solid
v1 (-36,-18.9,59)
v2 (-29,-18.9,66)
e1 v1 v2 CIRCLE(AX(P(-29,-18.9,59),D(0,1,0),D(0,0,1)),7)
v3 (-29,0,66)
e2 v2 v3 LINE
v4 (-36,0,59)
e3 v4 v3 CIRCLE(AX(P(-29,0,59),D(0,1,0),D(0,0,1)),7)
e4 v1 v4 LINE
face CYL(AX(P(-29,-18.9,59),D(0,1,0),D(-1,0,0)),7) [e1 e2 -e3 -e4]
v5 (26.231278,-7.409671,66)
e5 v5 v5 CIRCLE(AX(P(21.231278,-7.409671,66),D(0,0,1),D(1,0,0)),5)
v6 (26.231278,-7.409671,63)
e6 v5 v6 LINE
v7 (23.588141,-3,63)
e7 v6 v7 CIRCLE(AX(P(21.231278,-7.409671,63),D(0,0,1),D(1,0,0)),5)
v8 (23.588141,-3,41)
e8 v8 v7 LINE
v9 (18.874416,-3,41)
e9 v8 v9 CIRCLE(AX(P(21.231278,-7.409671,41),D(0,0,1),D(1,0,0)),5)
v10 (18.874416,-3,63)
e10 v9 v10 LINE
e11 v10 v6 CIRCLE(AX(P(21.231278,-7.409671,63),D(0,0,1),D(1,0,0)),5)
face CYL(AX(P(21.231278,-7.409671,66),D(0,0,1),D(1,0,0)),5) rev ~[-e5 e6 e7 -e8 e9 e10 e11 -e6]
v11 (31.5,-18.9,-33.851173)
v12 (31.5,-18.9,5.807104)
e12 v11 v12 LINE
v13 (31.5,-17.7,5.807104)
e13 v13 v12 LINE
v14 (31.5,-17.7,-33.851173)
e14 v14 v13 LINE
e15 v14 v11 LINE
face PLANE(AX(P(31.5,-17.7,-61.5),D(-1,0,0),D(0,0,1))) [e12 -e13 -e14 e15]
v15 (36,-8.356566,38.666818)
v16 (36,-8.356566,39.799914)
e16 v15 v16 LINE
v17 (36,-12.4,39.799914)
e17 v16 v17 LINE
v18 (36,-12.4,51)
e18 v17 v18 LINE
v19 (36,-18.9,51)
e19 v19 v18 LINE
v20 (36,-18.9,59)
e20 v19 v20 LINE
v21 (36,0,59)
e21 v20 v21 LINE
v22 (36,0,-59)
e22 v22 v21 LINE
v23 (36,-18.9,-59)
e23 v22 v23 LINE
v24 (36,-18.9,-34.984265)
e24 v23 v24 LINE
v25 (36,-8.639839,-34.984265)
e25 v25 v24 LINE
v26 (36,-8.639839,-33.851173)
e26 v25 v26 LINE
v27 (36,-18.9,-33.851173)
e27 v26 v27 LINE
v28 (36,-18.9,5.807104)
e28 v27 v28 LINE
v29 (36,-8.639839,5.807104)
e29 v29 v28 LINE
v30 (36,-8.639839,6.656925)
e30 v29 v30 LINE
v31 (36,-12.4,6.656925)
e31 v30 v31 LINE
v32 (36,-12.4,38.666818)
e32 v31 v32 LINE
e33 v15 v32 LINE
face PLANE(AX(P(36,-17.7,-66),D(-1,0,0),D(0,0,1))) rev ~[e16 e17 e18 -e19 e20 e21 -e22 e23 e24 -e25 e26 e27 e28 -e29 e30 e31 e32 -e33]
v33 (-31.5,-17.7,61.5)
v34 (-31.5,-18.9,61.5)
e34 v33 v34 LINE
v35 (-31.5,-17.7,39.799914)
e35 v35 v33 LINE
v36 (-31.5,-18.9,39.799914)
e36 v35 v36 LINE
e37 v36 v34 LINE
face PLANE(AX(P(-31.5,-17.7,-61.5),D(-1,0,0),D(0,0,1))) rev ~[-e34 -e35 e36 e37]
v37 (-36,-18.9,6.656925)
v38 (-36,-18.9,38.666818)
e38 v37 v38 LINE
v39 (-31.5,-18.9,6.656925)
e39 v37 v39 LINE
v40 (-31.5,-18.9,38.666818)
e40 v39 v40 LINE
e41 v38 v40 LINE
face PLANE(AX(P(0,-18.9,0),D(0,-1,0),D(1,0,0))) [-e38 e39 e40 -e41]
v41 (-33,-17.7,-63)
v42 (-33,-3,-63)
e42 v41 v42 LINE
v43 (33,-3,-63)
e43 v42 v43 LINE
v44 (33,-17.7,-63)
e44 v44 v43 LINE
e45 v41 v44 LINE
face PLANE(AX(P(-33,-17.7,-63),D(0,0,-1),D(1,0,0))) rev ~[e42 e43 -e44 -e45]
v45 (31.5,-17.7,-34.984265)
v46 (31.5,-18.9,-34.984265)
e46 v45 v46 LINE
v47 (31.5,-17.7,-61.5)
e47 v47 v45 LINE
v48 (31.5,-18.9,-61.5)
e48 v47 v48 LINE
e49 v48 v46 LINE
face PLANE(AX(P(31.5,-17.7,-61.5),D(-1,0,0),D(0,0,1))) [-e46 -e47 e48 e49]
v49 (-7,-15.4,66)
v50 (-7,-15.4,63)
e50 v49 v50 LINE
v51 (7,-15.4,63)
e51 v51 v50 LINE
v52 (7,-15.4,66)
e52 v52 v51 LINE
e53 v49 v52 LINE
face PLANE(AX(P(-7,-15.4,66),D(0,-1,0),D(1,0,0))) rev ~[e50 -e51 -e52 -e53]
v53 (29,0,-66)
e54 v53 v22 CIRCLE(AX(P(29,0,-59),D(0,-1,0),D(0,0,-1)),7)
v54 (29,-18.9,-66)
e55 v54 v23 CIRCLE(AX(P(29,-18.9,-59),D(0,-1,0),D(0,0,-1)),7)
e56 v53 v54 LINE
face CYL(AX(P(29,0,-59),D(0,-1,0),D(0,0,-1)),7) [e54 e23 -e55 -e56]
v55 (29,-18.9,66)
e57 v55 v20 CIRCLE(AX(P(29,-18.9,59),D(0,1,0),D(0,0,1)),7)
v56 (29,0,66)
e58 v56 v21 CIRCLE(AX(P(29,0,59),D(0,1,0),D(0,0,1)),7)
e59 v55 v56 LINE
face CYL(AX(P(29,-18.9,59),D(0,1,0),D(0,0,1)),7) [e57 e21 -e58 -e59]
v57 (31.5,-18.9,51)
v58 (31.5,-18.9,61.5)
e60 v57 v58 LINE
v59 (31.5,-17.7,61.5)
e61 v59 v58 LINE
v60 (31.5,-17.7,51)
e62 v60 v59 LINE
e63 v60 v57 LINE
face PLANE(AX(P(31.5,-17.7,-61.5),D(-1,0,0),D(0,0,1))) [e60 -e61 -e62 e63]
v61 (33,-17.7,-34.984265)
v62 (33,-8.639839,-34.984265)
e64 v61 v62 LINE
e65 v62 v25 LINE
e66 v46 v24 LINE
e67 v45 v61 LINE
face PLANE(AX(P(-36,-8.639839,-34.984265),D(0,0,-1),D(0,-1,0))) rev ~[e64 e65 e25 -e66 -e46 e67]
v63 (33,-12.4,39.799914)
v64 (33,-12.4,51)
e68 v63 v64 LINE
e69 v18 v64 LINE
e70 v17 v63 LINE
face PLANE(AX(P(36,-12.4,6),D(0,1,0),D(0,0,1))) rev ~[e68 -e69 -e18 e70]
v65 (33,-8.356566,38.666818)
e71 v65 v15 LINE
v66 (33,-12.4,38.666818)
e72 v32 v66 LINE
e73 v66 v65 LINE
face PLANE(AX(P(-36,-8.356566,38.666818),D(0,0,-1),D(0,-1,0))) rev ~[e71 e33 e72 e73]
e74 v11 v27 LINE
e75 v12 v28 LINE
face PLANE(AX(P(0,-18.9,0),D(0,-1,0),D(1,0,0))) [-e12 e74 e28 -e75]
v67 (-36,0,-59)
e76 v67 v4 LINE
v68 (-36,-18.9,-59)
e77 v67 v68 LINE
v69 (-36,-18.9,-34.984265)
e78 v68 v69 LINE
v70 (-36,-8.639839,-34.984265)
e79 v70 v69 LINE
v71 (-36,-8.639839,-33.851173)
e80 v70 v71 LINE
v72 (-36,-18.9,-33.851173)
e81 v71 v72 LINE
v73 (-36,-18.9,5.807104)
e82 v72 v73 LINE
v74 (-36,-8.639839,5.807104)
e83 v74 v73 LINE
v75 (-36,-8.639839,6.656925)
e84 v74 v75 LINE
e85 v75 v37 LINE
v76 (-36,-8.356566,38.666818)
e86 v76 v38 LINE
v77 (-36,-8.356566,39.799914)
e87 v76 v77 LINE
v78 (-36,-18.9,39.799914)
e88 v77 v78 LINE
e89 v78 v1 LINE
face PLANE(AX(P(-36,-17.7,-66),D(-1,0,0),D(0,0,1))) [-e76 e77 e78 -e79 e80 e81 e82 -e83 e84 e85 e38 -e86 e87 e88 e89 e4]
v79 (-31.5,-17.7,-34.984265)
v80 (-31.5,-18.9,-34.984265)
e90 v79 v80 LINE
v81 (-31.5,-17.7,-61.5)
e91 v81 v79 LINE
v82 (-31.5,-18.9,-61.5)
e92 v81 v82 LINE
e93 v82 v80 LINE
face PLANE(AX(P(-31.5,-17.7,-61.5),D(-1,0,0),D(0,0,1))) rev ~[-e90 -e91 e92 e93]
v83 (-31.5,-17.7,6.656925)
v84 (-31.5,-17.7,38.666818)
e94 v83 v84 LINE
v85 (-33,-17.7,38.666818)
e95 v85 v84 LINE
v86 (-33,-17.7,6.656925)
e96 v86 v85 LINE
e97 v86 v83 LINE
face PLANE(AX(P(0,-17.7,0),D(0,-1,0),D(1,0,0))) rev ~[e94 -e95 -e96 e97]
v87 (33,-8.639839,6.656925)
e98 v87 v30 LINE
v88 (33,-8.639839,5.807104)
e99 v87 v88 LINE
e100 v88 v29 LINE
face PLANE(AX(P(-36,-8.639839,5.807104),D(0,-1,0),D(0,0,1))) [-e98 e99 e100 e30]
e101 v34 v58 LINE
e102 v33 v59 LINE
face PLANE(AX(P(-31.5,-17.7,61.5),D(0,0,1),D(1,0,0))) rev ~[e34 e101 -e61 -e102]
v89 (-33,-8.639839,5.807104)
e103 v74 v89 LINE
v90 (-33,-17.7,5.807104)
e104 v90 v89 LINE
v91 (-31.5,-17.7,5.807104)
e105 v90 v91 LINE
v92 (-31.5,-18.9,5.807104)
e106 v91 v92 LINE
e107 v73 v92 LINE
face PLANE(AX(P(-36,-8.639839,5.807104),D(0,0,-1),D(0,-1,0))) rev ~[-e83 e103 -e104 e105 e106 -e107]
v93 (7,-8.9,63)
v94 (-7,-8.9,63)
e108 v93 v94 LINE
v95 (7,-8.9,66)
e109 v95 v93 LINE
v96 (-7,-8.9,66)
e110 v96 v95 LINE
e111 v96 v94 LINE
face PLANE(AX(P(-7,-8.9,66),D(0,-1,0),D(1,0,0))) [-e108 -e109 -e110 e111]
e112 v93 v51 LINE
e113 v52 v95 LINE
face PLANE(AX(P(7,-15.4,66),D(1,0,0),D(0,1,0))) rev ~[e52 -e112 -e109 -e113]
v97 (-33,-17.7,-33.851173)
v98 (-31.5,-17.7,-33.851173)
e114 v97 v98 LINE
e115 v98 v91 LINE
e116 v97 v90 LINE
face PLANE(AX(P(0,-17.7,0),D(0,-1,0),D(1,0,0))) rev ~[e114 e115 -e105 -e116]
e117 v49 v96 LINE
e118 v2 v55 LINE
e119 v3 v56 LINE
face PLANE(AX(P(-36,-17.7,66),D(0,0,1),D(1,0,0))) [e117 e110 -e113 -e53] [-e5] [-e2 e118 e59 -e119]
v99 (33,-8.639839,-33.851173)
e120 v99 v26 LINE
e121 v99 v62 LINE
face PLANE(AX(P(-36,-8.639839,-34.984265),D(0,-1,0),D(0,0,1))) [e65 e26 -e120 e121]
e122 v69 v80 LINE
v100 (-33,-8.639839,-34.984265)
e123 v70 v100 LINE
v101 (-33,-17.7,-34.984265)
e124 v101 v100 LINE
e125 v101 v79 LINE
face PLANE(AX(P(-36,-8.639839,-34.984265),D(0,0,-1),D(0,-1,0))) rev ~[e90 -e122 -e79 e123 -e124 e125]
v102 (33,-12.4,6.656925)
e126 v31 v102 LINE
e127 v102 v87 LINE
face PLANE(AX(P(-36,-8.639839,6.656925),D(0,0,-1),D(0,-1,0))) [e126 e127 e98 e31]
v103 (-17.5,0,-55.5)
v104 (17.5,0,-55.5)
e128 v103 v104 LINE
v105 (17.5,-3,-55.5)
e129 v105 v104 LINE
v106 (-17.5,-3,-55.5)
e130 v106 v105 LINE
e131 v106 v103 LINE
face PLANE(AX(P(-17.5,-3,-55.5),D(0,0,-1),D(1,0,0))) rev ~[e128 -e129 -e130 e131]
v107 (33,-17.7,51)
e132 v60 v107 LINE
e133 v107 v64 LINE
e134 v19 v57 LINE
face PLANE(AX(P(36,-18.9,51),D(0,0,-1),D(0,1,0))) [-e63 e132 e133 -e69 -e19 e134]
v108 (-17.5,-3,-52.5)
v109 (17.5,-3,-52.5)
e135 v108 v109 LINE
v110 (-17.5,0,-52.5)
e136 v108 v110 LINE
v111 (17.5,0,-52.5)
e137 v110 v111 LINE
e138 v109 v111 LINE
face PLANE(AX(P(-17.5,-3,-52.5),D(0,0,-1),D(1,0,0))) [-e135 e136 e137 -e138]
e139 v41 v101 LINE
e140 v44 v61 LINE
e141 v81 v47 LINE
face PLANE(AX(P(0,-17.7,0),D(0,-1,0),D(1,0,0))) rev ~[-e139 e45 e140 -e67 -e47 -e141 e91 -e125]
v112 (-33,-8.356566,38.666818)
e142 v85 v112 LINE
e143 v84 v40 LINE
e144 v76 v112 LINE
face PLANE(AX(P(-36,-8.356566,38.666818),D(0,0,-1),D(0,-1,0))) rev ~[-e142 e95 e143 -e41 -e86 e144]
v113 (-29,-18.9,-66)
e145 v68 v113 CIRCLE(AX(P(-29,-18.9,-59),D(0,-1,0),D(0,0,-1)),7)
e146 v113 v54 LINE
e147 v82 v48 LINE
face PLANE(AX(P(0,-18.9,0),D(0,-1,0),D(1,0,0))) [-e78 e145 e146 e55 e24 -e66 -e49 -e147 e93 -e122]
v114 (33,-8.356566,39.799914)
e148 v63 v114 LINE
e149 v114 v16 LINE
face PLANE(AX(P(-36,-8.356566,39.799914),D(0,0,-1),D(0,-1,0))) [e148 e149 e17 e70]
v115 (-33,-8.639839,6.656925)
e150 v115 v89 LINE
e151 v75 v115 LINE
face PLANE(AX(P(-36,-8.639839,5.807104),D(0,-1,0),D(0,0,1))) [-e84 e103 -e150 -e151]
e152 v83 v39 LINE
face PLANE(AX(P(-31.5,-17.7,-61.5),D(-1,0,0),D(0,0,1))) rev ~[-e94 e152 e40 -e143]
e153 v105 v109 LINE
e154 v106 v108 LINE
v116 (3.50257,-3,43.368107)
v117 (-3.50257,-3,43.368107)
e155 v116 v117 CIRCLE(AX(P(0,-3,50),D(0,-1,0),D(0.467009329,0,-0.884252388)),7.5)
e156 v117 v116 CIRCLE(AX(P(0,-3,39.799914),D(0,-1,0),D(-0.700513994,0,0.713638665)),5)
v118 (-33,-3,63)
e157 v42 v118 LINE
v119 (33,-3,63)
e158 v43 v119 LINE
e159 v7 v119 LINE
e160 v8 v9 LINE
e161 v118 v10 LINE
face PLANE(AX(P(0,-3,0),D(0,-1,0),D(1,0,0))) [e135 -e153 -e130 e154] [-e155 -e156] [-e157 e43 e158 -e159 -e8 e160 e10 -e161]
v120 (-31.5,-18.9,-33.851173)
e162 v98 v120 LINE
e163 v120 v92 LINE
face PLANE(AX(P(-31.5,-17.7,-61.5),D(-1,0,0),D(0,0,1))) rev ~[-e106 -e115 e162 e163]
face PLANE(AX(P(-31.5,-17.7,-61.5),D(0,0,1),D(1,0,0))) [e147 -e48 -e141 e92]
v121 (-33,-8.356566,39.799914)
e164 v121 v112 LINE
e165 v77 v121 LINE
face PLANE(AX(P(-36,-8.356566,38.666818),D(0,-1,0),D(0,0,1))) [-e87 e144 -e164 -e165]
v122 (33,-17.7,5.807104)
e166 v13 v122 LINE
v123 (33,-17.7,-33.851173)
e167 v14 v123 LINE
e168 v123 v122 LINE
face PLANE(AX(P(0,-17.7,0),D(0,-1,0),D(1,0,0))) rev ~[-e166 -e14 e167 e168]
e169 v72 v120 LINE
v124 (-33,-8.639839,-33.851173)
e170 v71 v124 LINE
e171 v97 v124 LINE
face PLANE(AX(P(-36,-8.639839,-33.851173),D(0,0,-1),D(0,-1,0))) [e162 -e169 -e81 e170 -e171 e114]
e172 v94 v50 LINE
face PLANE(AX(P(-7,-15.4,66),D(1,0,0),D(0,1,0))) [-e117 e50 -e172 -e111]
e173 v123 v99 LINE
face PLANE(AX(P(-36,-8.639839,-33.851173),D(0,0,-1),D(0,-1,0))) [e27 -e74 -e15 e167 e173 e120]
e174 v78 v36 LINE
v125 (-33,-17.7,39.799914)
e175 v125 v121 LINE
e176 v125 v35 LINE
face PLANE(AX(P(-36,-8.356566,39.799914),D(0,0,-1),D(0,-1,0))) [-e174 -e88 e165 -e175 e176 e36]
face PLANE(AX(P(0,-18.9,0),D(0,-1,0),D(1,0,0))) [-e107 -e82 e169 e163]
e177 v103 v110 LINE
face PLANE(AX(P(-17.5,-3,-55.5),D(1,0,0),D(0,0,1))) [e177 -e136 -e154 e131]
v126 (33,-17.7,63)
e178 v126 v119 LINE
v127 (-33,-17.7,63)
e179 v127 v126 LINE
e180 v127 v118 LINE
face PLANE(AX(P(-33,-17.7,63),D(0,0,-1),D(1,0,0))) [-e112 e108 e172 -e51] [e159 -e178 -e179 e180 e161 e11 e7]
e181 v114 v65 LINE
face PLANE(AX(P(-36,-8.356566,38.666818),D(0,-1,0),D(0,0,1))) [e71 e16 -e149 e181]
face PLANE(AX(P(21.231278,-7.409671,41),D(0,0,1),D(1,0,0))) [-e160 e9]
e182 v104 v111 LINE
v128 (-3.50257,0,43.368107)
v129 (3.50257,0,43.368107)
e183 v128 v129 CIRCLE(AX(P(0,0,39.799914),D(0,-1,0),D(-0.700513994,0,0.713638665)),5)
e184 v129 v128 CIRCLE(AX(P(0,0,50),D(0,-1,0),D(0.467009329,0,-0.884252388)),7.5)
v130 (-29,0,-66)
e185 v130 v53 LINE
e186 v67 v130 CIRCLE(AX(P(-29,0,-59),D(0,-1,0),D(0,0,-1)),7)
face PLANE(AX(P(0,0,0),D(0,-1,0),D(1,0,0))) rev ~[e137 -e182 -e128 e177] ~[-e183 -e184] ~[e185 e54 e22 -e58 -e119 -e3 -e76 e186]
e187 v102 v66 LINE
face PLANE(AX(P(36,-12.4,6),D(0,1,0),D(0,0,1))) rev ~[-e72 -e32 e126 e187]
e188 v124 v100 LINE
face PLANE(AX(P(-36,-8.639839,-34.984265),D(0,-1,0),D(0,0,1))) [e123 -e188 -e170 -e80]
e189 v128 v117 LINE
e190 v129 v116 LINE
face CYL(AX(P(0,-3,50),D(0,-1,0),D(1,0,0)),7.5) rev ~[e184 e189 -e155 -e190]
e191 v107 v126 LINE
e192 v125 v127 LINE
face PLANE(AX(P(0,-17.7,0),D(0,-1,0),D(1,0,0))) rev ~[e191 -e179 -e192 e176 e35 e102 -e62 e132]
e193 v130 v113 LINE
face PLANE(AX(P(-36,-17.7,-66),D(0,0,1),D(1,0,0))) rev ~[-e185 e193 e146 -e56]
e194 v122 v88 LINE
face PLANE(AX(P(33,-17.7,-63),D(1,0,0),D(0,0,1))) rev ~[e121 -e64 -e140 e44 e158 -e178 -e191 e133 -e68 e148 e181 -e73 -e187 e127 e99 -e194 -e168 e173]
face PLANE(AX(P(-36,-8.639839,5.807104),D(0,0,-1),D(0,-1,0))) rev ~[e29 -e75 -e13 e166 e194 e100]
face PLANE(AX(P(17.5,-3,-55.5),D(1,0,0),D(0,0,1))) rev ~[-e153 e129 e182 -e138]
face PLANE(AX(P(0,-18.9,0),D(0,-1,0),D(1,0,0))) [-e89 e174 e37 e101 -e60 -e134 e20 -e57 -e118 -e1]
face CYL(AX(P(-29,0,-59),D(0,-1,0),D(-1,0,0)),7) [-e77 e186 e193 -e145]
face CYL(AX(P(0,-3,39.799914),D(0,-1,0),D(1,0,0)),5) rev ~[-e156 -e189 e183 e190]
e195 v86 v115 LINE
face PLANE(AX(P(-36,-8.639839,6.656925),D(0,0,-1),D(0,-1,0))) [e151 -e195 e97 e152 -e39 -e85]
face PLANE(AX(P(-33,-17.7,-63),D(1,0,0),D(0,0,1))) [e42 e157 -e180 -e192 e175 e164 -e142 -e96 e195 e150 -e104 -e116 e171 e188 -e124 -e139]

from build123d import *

# Parameters (mm, degrees)
F0_W      = 72
F0_H      = 132
F1_DEPTH  = 17.7
F2_W      = 66
F2_H      = 126
F3_DEPTH  = 14.7
F4_W      = 72
F4_H      = 132
F4_W_2    = 66
F4_H_2    = 126
F4_W_3    = 63
F4_H_3    = 123
F5_DEPTH  = 1.2
F6_R      = 7.5
F7_DEPTH  = 25
F8_DEPTH  = 25
F9_R      = 5
F10_DEPTH = 25
F11_W     = 14
F11_H     = 6.5
F12_DEPTH = 25
F13_W     = 35
F13_H     = 3
F14_DEPTH = 25
F15_W     = 6.5
F15_H     = 45
F16_DEPTH = 25
F17_R     = 5
F18_DEPTH = 25
F19_R     = 7
F20_W     = 10.5434343904
F20_H     = 1.1330954731
F20_W_2   = 10.2601605222
F20_H_2   = 0.8498206735
F20_H_3   = 1.1330917478
F21_DEPTH = 81


with BuildPart() as f1:
    # F0 (on Front) → F1 (new body)
    with BuildSketch(Plane.XZ):
        Rectangle(F0_W, F0_H)
    extrude(amount=F1_DEPTH)

    # F2 (on face) → F3 (cut, through all)
    with BuildSketch(Plane.XZ.offset(17.7)):
        Rectangle(F2_W, F2_H)
    extrude(amount=-F3_DEPTH, mode=Mode.SUBTRACT)

    # F4 (on face) → F5 (join)
    with BuildSketch(Plane.XZ.offset(17.7)):
        Rectangle(F4_W, F4_H)
        Rectangle(F4_W_2, F4_H_2, mode=Mode.SUBTRACT)
        Rectangle(F4_W_2, F4_H_2)
        Rectangle(F4_W_3, F4_H_3, mode=Mode.SUBTRACT)
    extrude(amount=F5_DEPTH)

    # F6 (on face) → F7 (cut)
    with BuildSketch(Plane.XZ.offset(3)):
        with Locations((0, 50)):
            Circle(F6_R)
    extrude(amount=-F7_DEPTH, mode=Mode.SUBTRACT)

    # F6 (on face) → F8 (cut)
    with BuildSketch(Plane.XZ.offset(3)):
        with Locations((0, 50)):
            Circle(F6_R)
    extrude(amount=-F8_DEPTH, mode=Mode.SUBTRACT)

    # F9 (on face) → F10 (cut)
    with BuildSketch(Plane.XZ.offset(3)):
        with Locations((0, 39.799913764)):
            Circle(F9_R)
    extrude(amount=-F10_DEPTH, mode=Mode.SUBTRACT)

    # F11 (on face) → F12 (cut)
    with BuildSketch(Plane.XY.offset(66)):
        with Locations((0, -12.15)):
            Rectangle(F11_W, F11_H)
    extrude(amount=-F12_DEPTH, mode=Mode.SUBTRACT)

    # F13 (on face) → F14 (cut)
    with BuildSketch(Plane.XZ.offset(3)):
        with Locations((0, -54)):
            Rectangle(F13_W, F13_H)
    extrude(amount=-F14_DEPTH, mode=Mode.SUBTRACT)

    # F15 (on face) → F16 (cut)
    with BuildSketch(Plane.YZ.offset(36)):
        with Locations((-15.65, 28.5)):
            Rectangle(F15_W, F15_H)
    extrude(amount=-F16_DEPTH, mode=Mode.SUBTRACT)

    # F17 (on face) → F18 (cut)
    with BuildSketch(Plane.XY.offset(66)):
        with Locations((21.231278264, -7.4096710059)):
            Circle(F17_R)
    extrude(amount=-F18_DEPTH, mode=Mode.SUBTRACT)

    # F19
    f19_edges = [f1.edges().sort_by_distance(p)[0] for p in [
        (-36, -9.45, 66),
        (36, -9.45, 66),
        (-36, -9.45, -66),
        (36, -9.45, -66),
    ]]
    fillet(f19_edges, radius=F19_R)

    # F20 (on face) → F21 (cut)
    with BuildSketch(Plane(origin=(-36, 0, 0), x_dir=(0, -1, 0), z_dir=(-1, 0, 0))):
        with Locations((13.6282828048, 39.2333660275)):
            Rectangle(F20_W, F20_H)
        with Locations((13.7699197389, 6.2320143916)):
            Rectangle(F20_W_2, F20_H_2)
        with Locations((13.7699197389, -34.4177186489)):
            Rectangle(F20_W_2, F20_H_3)
    extrude(amount=-F21_DEPTH, mode=Mode.SUBTRACT)


solid = f1.part
